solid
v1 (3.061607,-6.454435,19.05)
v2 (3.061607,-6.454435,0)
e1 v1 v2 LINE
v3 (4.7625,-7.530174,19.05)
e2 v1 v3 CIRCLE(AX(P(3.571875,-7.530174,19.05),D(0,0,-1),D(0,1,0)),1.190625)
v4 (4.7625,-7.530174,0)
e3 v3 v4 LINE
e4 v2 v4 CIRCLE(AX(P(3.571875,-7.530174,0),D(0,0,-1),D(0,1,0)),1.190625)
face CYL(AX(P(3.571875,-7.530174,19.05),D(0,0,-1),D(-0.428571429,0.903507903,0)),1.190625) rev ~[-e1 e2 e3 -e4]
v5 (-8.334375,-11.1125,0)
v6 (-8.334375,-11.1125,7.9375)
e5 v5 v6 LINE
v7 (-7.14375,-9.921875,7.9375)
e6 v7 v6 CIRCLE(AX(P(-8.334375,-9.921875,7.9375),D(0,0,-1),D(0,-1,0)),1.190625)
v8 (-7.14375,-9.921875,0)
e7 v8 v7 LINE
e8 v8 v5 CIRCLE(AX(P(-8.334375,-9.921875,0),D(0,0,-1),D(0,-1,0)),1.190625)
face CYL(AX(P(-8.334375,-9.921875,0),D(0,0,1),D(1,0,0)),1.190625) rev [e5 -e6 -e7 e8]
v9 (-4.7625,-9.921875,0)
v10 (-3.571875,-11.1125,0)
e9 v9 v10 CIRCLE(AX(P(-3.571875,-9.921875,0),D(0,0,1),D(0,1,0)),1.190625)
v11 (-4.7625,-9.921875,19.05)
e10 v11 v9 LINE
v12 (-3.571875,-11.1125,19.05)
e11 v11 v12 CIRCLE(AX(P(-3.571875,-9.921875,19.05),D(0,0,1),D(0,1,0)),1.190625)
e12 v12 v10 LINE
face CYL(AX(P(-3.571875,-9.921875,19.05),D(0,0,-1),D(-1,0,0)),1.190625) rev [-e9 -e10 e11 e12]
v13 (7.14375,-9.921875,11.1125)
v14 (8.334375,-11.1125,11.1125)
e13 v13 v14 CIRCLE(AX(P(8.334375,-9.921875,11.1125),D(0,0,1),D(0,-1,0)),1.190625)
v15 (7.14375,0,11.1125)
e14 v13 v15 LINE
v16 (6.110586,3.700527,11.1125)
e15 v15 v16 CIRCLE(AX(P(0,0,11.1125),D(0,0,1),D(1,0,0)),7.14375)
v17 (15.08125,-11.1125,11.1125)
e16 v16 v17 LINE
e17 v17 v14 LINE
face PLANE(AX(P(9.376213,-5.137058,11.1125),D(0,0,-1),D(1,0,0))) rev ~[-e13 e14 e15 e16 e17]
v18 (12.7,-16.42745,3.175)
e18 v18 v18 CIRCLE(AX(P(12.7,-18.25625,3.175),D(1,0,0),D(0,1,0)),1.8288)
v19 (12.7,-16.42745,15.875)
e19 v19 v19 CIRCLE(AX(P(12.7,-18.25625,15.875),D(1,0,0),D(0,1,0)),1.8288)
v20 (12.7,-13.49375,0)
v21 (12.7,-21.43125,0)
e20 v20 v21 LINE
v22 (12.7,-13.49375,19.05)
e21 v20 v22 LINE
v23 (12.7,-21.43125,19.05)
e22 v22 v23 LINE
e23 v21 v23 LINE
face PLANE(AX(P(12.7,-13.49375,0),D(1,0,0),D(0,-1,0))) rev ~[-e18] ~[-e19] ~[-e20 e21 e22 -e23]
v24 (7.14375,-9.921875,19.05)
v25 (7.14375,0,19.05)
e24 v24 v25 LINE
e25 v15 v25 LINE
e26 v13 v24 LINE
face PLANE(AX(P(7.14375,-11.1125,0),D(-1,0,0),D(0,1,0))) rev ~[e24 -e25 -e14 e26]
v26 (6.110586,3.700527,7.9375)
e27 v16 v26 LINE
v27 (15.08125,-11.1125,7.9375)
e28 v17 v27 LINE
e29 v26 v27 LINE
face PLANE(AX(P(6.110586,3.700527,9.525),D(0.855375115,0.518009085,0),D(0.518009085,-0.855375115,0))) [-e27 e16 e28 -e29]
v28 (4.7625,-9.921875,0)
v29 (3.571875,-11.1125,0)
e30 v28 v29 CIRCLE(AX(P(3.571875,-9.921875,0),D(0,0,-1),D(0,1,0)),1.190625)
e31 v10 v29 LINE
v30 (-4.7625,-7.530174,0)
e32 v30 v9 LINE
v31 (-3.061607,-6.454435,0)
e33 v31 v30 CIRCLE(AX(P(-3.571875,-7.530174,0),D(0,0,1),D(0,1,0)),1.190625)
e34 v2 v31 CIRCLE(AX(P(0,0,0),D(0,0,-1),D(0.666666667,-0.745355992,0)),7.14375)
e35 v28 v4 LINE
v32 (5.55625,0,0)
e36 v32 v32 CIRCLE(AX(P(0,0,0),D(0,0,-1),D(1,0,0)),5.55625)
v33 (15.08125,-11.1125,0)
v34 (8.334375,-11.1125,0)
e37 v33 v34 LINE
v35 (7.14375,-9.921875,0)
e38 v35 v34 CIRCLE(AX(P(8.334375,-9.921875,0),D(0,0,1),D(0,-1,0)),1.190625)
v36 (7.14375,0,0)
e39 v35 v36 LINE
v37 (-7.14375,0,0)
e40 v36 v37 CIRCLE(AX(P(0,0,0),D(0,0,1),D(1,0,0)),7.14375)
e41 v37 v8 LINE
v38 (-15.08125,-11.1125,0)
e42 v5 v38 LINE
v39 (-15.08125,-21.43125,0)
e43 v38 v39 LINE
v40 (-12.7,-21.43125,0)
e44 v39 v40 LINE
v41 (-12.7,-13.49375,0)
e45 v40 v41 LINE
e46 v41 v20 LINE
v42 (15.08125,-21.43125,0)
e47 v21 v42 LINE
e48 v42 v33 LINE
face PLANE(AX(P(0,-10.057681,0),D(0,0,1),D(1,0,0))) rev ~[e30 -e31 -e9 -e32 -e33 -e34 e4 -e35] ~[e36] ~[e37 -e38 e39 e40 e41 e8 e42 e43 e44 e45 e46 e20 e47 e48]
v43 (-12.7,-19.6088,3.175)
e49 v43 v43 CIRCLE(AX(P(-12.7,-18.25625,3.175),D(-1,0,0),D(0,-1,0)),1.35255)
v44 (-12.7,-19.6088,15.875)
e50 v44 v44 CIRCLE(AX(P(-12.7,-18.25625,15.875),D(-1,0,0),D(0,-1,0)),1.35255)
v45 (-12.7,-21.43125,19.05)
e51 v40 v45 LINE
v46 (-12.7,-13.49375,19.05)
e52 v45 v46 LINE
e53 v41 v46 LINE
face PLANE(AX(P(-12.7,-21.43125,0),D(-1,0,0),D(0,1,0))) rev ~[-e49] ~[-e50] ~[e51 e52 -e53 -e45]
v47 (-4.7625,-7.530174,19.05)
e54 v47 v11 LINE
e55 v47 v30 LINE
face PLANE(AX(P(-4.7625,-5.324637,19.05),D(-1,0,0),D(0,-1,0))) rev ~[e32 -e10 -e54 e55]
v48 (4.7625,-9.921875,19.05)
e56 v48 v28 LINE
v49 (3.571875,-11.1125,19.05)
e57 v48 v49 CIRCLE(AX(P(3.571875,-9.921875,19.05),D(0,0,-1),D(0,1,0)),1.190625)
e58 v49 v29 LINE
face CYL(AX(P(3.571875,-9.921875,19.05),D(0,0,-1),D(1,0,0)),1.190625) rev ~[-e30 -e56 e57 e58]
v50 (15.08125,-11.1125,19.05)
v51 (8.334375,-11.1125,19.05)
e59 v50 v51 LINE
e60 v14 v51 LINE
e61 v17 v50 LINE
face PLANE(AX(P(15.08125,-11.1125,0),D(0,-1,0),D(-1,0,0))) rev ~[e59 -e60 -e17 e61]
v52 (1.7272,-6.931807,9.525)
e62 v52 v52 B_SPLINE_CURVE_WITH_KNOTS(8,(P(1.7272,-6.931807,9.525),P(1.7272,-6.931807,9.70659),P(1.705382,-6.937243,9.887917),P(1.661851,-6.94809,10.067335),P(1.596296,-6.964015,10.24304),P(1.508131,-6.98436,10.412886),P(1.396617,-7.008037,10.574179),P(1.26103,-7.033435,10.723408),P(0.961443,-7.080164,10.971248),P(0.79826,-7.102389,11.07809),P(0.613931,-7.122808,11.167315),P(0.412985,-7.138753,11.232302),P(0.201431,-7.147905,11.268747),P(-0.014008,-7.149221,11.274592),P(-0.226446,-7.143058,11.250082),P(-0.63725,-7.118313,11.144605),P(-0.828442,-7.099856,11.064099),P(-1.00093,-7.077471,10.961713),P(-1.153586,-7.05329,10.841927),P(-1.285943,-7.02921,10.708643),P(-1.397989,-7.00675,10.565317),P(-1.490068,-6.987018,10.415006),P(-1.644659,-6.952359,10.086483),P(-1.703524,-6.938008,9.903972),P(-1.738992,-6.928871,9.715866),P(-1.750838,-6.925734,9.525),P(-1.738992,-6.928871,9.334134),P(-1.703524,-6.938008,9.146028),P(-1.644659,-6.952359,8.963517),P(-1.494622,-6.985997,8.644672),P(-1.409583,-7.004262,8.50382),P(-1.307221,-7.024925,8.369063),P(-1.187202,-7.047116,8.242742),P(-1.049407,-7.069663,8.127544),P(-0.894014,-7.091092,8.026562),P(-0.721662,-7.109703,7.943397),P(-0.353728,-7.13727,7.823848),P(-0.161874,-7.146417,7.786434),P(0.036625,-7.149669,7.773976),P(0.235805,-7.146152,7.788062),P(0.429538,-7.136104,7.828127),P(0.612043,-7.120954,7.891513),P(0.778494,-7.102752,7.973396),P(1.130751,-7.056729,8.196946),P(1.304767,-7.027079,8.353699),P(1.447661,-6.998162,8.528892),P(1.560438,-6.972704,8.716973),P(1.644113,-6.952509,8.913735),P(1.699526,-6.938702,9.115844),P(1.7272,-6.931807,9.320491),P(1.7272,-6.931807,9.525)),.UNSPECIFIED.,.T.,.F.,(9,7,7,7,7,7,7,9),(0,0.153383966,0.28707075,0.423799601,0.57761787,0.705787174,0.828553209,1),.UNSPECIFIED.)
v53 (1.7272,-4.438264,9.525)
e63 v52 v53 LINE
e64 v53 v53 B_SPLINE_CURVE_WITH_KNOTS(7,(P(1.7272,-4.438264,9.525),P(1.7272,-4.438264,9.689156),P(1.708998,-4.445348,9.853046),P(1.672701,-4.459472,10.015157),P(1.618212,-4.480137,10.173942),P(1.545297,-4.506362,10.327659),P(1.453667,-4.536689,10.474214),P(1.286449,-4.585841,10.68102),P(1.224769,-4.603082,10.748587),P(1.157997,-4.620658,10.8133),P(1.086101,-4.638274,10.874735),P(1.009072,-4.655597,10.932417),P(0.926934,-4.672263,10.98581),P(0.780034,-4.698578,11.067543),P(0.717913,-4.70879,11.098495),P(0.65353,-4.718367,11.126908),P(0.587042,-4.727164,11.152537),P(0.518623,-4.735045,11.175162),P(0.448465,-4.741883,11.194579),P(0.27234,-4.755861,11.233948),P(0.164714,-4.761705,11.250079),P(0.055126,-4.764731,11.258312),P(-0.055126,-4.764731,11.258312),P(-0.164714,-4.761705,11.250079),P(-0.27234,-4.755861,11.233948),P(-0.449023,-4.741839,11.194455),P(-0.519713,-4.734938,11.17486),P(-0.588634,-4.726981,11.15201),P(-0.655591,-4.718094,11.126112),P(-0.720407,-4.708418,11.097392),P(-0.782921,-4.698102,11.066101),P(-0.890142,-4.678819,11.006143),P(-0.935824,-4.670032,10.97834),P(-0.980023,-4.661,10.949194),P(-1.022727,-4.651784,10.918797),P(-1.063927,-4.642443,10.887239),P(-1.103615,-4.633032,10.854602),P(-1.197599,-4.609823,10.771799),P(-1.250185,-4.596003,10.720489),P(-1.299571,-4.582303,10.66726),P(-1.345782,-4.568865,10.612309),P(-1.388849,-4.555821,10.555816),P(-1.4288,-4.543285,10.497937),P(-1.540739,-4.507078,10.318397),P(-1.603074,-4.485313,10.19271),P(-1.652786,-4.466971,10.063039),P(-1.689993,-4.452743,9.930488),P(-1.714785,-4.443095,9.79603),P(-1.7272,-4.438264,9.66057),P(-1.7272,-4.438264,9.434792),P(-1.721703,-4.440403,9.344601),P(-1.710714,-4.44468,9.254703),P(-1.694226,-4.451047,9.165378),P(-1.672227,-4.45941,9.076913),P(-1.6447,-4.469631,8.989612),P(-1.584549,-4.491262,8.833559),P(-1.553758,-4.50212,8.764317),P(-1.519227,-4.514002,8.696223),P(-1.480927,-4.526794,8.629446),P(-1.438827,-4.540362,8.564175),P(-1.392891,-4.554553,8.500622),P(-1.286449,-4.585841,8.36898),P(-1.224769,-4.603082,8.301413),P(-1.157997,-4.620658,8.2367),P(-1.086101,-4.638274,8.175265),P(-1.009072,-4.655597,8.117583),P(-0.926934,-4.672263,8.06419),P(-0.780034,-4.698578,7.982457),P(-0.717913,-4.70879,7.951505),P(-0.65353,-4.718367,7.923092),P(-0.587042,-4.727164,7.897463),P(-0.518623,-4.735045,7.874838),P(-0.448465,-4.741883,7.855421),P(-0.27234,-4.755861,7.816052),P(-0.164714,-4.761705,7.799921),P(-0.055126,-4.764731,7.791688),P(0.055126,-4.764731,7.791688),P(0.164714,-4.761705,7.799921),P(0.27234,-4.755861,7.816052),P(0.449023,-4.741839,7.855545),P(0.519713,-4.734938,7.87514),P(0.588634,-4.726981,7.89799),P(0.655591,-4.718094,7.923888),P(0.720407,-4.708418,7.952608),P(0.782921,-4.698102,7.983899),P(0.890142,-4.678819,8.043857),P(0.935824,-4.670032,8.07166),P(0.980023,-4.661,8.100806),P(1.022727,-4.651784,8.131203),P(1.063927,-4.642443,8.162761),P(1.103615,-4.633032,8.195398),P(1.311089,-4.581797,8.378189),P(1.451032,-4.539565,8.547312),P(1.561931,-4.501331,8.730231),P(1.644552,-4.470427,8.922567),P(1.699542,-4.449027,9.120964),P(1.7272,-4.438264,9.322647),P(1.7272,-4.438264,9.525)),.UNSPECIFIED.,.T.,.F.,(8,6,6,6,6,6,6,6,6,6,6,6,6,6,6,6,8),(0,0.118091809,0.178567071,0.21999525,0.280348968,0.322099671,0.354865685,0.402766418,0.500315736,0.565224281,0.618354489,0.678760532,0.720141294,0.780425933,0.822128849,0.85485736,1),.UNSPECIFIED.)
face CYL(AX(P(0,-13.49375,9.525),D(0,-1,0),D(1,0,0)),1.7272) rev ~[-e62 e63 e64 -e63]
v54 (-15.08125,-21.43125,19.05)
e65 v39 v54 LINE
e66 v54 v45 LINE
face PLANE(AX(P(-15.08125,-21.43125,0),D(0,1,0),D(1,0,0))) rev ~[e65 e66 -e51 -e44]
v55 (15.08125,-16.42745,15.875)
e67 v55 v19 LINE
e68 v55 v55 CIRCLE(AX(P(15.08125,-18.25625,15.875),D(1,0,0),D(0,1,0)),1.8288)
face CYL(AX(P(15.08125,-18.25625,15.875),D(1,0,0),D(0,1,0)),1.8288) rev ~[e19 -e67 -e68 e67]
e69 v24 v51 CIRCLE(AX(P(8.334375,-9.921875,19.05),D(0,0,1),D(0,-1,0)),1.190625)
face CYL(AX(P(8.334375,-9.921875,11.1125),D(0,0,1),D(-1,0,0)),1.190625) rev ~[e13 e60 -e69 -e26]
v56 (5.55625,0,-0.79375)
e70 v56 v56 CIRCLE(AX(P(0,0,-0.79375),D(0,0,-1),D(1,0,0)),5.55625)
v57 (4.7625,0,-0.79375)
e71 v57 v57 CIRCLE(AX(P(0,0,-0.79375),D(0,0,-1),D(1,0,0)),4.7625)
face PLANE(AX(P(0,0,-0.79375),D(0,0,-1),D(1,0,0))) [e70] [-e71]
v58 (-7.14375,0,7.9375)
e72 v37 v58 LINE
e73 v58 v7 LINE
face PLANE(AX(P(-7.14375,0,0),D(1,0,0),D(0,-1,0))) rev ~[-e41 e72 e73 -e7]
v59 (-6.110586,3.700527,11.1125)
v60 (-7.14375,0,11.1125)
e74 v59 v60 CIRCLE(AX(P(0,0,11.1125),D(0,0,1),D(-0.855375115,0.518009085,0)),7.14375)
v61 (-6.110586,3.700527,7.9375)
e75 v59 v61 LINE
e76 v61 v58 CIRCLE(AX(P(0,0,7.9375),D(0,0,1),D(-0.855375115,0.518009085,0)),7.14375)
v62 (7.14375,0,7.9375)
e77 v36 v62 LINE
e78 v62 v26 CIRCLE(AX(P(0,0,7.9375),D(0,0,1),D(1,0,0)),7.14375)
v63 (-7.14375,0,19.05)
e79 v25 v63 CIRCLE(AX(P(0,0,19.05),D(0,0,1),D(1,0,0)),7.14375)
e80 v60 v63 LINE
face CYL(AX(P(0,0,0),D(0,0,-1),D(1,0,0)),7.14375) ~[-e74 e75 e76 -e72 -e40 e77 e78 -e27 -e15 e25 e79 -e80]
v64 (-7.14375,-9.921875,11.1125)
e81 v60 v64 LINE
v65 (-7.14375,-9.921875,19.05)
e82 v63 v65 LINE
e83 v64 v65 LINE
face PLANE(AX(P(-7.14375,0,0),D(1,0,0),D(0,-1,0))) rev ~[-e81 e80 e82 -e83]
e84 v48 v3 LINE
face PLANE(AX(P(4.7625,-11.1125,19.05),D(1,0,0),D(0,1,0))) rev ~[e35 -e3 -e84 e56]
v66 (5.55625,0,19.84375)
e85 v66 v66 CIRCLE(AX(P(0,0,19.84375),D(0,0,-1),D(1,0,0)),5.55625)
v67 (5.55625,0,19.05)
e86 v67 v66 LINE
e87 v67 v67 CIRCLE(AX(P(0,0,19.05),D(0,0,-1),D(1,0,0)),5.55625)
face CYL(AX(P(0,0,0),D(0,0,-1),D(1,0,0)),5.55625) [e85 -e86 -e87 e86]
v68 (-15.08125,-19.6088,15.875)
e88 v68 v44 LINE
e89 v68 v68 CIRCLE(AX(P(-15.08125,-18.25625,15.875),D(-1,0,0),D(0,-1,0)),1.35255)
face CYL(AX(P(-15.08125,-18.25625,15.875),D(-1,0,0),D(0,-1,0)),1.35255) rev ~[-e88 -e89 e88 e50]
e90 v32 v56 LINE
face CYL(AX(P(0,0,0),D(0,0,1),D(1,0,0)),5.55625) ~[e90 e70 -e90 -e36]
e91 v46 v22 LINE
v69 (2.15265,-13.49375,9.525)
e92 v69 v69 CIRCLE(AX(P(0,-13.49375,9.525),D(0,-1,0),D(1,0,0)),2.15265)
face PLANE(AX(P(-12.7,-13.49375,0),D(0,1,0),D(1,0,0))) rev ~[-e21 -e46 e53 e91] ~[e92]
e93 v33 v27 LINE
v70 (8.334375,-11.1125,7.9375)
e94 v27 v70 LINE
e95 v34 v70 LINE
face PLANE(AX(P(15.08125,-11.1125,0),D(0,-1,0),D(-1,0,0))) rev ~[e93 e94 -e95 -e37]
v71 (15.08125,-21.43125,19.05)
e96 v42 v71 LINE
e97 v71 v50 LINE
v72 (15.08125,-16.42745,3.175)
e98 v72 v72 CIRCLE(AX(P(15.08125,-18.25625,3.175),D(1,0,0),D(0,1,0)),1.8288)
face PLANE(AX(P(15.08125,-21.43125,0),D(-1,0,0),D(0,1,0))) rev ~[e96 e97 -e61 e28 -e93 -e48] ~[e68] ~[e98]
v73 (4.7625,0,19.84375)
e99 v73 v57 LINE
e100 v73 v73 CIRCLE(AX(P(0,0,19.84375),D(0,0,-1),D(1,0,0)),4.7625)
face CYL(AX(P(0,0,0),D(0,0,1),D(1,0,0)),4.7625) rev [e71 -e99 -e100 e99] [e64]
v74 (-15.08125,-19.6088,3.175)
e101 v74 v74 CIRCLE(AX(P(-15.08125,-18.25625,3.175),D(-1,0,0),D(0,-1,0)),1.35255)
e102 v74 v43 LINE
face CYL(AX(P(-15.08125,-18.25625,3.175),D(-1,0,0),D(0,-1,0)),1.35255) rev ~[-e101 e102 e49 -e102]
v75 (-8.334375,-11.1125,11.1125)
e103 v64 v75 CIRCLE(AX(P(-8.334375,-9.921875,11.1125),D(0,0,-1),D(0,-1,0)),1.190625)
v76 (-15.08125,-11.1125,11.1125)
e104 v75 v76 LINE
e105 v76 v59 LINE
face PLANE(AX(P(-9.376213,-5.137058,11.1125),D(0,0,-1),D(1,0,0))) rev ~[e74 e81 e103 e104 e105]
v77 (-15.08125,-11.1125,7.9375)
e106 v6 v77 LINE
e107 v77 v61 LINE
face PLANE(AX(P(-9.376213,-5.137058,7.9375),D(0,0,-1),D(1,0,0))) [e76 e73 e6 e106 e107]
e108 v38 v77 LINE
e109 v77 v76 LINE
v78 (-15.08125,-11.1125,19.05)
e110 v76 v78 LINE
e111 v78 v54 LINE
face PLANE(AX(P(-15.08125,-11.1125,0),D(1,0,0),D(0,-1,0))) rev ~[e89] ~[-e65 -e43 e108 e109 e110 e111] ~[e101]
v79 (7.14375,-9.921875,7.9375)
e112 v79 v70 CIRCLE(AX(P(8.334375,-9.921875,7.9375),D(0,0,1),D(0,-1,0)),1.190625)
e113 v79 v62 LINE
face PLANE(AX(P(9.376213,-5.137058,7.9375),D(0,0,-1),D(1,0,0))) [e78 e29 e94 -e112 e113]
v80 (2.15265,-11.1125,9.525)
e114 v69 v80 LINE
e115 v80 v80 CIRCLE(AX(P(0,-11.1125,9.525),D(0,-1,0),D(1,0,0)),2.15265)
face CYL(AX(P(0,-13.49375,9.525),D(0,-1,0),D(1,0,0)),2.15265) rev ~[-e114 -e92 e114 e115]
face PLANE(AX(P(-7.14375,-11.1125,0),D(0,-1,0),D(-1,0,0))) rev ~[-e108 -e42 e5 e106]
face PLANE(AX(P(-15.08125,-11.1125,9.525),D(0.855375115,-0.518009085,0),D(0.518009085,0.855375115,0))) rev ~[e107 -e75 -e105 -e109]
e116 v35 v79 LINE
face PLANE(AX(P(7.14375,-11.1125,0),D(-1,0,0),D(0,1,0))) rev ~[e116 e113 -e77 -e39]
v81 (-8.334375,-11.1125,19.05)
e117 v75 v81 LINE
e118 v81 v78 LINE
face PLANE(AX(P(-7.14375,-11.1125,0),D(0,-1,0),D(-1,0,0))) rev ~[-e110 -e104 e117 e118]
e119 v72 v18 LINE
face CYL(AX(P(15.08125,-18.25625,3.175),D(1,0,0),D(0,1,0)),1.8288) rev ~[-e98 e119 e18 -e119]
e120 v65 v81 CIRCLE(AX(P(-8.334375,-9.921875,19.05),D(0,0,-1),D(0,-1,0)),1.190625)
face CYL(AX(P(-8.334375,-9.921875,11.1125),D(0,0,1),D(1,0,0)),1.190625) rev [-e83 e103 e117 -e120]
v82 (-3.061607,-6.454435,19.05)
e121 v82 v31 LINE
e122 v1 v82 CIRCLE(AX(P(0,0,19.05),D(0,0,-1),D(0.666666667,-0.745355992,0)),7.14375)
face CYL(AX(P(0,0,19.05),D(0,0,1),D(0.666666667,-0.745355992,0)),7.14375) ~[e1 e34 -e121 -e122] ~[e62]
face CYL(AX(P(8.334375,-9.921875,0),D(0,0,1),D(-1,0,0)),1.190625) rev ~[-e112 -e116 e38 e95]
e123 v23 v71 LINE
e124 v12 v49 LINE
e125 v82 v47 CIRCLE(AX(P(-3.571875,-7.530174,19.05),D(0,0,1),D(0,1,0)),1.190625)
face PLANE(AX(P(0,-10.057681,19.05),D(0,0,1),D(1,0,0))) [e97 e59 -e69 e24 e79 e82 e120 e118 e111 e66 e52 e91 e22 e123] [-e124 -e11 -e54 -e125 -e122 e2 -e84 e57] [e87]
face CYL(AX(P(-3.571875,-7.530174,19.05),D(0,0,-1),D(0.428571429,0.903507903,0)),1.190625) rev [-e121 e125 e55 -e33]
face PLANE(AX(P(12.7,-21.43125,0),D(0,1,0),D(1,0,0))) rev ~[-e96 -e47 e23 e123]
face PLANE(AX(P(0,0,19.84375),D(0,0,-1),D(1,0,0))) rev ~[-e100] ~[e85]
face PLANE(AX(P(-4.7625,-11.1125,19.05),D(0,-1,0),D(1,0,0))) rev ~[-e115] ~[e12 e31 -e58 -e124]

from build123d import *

# Parameters (mm, degrees)
F0_R           = 4.7625
F1_DEPTH       = 19.05
F2_R           = 1.8288
F3_DEPTH       = 2.38125
F4_R           = 1.35255
F5_DEPTH       = 2.38125
F8_DEPTH       = 1.5875
F9_R           = 5.55625
F9_R_2         = 4.7625
F11_DEPTH      = 0.79375
F11_DEPTH_BACK = 19.84375
F12_R          = 1.7272
F13_DEPTH      = 10.0554862042
F15_DEPTH      = 19.05
F16_R          = 2.15265
F17_DEPTH      = 2.38125
F18_R          = 1.190625


with BuildPart() as f1:
    # F0 (on Top) → F1 (new body)
    with BuildSketch(Plane.XY):
        with BuildLine():
            Line((7.14375, -11.1125), (7.14375, 0))
            ThreePointArc((7.14375, 0), (0, 7.14375), (-7.14375, 0))
            Line((-7.14375, 0), (-7.14375, -11.1125))
            Line((-7.14375, -11.1125), (-15.08125, -11.1125))
            Line((-15.08125, -11.1125), (-15.08125, -21.43125))
            Line((-15.08125, -21.43125), (-12.7, -21.43125))
            Line((-12.7, -21.43125), (-12.7, -13.49375))
            Line((-12.7, -13.49375), (12.7, -13.49375))
            Line((12.7, -13.49375), (12.7, -21.43125))
            Line((12.7, -21.43125), (15.08125, -21.43125))
            Line((15.08125, -21.43125), (15.08125, -11.1125))
            Line((15.08125, -11.1125), (7.14375, -11.1125))
        make_face()
        Circle(F0_R, mode=Mode.SUBTRACT)
    extrude(amount=F1_DEPTH)

    # F2 (on face) → F3 (cut, through all)
    with BuildSketch(Plane.YZ.offset(15.08125)):
        with Locations((-18.25625, 15.875)):
            Circle(F2_R)
        with Locations((-18.25625, 3.175)):
            Circle(F2_R)
    extrude(amount=-F3_DEPTH, mode=Mode.SUBTRACT)

    # F4 (on face) → F5 (cut, through all)
    with BuildSketch(Plane(origin=(-15.08125, 0, 0), x_dir=(0, -1, 0), z_dir=(-1, 0, 0))):
        with Locations((18.25625, 3.175)):
            Circle(F4_R)
        with Locations((18.25625, 15.875)):
            Circle(F4_R)
    extrude(amount=-F5_DEPTH, mode=Mode.SUBTRACT)

    # F7 (on offset) → F8 (join, symmetric)
    with BuildSketch(Plane(origin=(0, 0, 9.525), x_dir=(1, 0, 0), z_dir=(0, 0, -1))):
        with BuildLine():
            Line((-15.08125, 11.1125), (-6.1105859798, -3.7005274011))
            ThreePointArc((-6.1105859798, -3.7005274011), (-6.8806127146, -1.9210238767), (-7.14375, 0))
            Line((-7.14375, 0), (-7.14375, 11.1125))
            Line((-7.14375, 11.1125), (-15.08125, 11.1125))
        make_face()
        with BuildLine():
            ThreePointArc((7.14375, 0), (6.8806127146, -1.9210238767), (6.1105859798, -3.7005274011))
            Line((6.1105859798, -3.7005274011), (15.08125, 11.1125))
            Line((15.08125, 11.1125), (7.14375, 11.1125))
            Line((7.14375, 11.1125), (7.14375, 0))
        make_face()
    extrude(amount=F8_DEPTH, both=True)

    # F9 (on face) → F11 (join, two sides)
    with BuildSketch(Plane(origin=(0, 0, 0), x_dir=(1, 0, 0), z_dir=(0, 0, -1))) as f11_sk:
        Circle(F9_R)
        Circle(F9_R_2, mode=Mode.SUBTRACT)
    extrude(amount=F11_DEPTH)
    extrude(f11_sk.sketch, amount=-F11_DEPTH_BACK)

    # F12 (on face) → F13 (cut, up to face)
    with BuildSketch(Plane.XZ.offset(13.49375)):
        with Locations((0, 9.525)):
            Circle(F12_R)
    extrude(amount=-F13_DEPTH, mode=Mode.SUBTRACT)

    # F14 (on face) → F15 (cut, through all)
    with BuildSketch(Plane.XY.offset(19.05)):
        with BuildLine():
            Line((-4.7625, -5.3246368714), (-4.7625, -11.1125))
            Line((-4.7625, -11.1125), (4.7625, -11.1125))
            Line((4.7625, -11.1125), (4.7625, -5.3246368714))
            ThreePointArc((4.7625, -5.3246368714), (0, -7.14375), (-4.7625, -5.3246368714))
        make_face()
    extrude(amount=-F15_DEPTH, mode=Mode.SUBTRACT)

    # F16 (on face) → F17 (cut, through all)
    with BuildSketch(Plane.XZ.offset(13.49375)):
        with Locations((0, 9.525)):
            Circle(F16_R)
    extrude(amount=-F17_DEPTH, mode=Mode.SUBTRACT)

    # F18
    f18_edges = [f1.edges().sort_by_distance(p)[0] for p in [
        (7.14375, -11.1125, 15.08125),
        (7.14375, -11.1125, 3.96875),
        (-7.14375, -11.1125, 15.08125),
        (-7.14375, -11.1125, 3.96875),
        (-4.7625, -11.1125, 9.525),
        (4.7625, -11.1125, 9.525),
        (4.7625, -5.324637, 9.525),
        (-4.7625, -5.324637, 9.525),
    ]]
    fillet(f18_edges, radius=F18_R)


solid = f1.part
